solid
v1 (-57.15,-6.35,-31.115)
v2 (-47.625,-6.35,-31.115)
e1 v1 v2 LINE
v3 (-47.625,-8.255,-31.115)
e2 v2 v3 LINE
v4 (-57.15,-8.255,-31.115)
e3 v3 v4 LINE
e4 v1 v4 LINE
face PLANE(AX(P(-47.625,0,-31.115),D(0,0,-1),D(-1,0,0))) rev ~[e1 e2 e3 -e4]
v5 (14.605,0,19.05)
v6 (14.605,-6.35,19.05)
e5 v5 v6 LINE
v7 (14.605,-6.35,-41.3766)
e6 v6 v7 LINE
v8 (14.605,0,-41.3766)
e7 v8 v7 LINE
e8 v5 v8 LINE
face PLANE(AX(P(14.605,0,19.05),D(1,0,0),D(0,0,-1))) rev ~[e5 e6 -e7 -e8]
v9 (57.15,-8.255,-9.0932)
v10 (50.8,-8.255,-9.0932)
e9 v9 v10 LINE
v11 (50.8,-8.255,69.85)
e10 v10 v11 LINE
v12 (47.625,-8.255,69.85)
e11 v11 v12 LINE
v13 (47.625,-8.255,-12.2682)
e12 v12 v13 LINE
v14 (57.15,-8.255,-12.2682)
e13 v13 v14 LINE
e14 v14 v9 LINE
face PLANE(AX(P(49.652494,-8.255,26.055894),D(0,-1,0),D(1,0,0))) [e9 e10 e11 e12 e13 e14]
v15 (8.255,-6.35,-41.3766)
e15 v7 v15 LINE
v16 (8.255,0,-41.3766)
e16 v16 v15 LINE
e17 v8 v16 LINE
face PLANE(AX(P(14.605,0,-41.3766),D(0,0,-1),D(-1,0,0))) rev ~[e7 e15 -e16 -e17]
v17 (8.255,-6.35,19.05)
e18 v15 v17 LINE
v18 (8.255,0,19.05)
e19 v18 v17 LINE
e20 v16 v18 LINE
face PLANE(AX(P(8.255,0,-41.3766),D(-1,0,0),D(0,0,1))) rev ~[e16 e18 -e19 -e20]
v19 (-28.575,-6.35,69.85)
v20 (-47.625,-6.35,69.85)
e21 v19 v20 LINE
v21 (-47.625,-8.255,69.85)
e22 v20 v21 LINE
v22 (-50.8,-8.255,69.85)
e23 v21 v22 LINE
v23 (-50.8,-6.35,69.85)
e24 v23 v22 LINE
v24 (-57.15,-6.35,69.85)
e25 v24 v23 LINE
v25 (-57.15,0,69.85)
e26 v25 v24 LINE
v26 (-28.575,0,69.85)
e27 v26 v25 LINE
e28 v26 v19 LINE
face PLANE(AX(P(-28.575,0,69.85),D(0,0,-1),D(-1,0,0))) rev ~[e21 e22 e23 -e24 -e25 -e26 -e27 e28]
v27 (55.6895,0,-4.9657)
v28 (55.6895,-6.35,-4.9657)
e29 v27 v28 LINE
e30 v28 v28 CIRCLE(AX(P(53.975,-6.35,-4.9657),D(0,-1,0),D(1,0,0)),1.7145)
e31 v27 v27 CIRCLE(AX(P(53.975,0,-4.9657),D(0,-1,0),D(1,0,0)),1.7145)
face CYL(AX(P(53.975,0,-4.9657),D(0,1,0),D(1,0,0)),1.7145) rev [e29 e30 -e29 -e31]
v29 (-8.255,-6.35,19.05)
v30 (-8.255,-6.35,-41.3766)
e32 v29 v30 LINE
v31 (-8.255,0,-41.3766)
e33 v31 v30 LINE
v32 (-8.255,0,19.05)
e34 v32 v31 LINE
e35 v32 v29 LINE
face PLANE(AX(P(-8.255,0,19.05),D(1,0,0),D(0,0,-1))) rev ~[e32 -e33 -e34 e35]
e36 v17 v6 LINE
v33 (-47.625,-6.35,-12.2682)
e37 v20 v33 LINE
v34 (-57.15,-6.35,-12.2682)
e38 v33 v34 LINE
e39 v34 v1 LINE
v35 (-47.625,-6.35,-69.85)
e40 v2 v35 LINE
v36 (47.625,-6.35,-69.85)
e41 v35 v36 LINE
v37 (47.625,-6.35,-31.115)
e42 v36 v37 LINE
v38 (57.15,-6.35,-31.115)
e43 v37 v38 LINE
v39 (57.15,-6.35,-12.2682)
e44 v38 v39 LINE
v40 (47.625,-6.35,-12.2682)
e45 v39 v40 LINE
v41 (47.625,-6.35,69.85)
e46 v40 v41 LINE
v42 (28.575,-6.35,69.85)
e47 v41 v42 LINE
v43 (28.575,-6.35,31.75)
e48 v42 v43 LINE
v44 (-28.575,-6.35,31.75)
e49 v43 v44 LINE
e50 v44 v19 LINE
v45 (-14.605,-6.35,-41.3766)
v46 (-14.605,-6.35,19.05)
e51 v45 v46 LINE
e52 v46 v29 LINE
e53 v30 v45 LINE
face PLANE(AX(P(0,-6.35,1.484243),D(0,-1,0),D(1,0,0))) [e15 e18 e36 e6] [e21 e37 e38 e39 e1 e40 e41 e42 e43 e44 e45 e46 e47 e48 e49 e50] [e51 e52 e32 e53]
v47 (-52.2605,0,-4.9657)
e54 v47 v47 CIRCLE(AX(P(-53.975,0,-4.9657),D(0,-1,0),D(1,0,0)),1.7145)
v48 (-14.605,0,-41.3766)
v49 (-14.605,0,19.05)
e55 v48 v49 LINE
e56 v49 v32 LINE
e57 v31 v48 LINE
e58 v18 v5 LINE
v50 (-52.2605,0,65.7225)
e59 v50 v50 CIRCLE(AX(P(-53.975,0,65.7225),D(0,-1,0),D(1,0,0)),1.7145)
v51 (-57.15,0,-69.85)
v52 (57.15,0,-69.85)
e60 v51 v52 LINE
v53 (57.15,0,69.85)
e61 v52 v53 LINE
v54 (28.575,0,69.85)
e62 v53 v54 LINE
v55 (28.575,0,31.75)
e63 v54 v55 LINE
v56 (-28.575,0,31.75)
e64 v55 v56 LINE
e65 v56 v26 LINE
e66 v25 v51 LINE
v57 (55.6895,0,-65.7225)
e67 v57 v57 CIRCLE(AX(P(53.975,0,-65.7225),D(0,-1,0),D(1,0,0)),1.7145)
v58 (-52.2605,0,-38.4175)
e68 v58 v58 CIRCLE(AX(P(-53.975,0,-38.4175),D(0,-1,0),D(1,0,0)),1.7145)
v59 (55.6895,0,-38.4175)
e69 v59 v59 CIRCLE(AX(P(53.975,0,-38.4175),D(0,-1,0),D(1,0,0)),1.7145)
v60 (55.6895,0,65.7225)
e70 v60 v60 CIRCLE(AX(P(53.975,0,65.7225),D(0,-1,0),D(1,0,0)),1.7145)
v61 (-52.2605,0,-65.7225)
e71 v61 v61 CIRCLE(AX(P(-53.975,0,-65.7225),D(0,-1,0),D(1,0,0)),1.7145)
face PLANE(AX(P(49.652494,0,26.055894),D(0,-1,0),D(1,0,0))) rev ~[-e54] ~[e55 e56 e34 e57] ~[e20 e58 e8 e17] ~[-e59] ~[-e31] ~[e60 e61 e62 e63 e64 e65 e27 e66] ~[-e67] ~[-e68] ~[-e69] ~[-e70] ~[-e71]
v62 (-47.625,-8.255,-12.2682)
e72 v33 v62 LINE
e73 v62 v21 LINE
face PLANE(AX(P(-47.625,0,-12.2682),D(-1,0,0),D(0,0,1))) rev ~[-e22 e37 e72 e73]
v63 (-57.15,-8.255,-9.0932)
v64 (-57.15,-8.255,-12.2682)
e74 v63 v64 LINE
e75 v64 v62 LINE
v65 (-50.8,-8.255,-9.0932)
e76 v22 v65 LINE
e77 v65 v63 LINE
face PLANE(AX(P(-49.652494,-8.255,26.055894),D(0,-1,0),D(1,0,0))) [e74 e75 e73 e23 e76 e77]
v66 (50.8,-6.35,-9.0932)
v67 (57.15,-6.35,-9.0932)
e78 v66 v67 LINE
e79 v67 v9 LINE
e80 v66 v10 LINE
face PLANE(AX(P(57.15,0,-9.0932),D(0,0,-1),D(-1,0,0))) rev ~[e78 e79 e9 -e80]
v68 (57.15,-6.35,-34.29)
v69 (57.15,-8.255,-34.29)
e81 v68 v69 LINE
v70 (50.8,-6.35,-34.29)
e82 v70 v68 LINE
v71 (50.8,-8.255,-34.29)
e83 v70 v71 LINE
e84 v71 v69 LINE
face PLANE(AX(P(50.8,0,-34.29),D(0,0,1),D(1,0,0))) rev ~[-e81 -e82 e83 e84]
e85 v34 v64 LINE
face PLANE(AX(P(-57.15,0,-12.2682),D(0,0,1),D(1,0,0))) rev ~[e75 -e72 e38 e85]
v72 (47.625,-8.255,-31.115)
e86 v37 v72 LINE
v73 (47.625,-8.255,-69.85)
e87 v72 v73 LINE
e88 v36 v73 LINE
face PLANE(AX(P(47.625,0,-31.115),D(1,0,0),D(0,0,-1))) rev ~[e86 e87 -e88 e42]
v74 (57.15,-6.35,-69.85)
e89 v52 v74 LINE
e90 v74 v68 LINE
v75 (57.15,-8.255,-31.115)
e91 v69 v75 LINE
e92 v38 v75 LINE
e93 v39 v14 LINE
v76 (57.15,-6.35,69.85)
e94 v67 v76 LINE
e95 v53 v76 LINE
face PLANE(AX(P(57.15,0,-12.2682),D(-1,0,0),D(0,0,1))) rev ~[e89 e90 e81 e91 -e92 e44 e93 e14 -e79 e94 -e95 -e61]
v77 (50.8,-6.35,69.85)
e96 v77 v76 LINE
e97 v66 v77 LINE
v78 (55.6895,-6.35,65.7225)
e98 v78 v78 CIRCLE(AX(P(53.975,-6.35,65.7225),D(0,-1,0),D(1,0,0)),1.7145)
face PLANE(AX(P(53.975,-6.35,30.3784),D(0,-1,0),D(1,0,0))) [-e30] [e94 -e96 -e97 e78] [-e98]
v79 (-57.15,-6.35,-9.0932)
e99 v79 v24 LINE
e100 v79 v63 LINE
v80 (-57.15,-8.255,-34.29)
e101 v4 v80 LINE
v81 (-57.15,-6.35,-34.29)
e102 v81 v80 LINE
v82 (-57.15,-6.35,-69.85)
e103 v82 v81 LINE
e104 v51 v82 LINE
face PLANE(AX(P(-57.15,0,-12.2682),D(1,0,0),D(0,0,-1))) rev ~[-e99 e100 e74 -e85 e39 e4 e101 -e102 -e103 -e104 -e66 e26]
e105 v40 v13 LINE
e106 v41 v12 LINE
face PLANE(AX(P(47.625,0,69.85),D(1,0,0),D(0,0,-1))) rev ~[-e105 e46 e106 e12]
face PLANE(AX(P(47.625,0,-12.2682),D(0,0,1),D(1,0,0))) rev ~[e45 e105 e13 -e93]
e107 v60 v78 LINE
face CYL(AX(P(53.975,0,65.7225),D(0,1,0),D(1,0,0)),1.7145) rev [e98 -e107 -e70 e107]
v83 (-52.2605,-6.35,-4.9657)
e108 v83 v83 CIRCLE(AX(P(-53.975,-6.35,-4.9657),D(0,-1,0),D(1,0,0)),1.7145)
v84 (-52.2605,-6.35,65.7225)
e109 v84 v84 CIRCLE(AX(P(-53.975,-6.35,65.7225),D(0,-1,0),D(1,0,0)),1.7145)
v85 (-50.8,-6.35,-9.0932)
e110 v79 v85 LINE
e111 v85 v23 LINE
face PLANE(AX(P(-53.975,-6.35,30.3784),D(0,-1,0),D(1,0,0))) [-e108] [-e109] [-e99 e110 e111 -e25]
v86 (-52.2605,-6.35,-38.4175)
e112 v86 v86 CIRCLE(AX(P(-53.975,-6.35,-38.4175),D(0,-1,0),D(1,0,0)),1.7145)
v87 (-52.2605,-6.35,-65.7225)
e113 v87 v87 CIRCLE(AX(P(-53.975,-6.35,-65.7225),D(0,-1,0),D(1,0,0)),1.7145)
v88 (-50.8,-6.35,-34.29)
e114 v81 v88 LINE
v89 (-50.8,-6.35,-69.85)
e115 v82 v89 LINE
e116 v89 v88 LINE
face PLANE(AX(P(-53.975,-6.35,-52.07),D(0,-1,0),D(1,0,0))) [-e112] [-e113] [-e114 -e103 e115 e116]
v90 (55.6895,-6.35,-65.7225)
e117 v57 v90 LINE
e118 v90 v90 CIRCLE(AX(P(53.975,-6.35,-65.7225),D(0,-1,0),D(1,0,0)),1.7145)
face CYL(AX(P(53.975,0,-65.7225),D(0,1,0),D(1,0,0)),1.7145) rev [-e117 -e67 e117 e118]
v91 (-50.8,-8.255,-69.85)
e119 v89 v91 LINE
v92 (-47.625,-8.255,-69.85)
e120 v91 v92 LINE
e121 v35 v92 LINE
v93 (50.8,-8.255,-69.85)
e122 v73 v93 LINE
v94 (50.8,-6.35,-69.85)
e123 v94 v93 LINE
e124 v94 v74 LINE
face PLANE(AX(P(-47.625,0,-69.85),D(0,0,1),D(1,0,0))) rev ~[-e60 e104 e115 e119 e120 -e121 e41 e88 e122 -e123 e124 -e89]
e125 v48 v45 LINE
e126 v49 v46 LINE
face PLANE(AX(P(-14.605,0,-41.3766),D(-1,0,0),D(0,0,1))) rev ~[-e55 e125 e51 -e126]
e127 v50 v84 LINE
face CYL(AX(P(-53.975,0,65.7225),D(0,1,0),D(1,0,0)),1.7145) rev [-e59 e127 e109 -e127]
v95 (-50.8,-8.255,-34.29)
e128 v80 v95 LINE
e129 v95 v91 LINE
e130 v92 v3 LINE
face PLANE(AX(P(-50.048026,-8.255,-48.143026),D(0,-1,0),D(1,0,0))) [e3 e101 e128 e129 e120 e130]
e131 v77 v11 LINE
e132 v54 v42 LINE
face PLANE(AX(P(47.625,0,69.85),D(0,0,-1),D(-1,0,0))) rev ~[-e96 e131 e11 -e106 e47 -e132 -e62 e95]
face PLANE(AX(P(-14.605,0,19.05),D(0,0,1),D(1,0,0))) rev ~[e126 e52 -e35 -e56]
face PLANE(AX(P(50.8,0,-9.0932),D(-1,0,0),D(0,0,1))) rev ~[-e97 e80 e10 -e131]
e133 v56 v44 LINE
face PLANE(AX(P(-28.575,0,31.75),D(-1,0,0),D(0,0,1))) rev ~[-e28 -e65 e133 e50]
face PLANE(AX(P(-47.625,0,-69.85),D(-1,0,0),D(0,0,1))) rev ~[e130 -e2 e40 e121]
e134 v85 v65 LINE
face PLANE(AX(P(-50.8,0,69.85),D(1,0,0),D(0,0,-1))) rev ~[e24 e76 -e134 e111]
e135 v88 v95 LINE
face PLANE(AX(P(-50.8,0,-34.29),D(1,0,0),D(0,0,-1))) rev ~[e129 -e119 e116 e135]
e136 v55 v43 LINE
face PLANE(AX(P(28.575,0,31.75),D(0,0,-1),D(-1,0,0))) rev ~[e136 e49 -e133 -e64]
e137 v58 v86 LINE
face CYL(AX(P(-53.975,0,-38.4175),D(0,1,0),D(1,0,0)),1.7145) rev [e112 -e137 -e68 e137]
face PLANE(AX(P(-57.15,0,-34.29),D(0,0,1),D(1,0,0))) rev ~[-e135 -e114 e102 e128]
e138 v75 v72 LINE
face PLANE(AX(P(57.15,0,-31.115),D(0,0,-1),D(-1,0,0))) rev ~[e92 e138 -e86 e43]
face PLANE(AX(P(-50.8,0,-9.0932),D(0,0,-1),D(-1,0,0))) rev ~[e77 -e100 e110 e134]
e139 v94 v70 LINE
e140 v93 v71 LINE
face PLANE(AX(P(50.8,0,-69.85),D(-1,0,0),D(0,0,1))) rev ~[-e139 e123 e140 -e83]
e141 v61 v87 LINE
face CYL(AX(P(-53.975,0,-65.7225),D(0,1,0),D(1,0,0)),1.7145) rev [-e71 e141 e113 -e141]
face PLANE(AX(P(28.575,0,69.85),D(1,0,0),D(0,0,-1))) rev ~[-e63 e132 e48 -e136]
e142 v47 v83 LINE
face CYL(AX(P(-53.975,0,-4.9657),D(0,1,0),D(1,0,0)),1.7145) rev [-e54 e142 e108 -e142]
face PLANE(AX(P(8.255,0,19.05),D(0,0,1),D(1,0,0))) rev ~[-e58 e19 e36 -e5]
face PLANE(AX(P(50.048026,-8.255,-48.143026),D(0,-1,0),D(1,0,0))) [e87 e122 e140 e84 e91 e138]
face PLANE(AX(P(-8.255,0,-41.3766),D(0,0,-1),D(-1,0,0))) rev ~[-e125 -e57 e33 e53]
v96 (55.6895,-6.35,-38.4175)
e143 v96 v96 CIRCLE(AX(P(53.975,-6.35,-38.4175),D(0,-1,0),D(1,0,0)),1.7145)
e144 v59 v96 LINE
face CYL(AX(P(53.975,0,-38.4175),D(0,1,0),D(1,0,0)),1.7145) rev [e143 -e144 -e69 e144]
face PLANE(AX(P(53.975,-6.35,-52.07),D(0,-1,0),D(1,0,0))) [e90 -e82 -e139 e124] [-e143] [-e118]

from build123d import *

# Parameters (mm, degrees)
F0_W     = 6.35
F0_H     = 78.9432
F0_R     = 1.7145
F0_H_2   = 35.56
F1_DEPTH = 6.35
F2_DEPTH = 8.255


with BuildPart() as f1:
    # F0 (on Front) → F1 (new body)
    with BuildSketch(Plane.XZ):
        with Locations((-53.975, 30.3784)):
            Rectangle(F0_W, F0_H)
        with Locations((-53.975, -4.9657)):
            Circle(F0_R, mode=Mode.SUBTRACT)
        with Locations((-53.975, 65.7225)):
            Circle(F0_R, mode=Mode.SUBTRACT)
        with Locations((-53.975, -52.07)):
            Rectangle(F0_W, F0_H_2)
        with Locations((-53.975, -65.7225)):
            Circle(F0_R, mode=Mode.SUBTRACT)
        with Locations((-53.975, -38.4175)):
            Circle(F0_R, mode=Mode.SUBTRACT)
        with Locations((53.975, -52.07)):
            Rectangle(F0_W, F0_H_2)
        with Locations((53.975, -65.7225)):
            Circle(F0_R, mode=Mode.SUBTRACT)
        with Locations((53.975, -38.4175)):
            Circle(F0_R, mode=Mode.SUBTRACT)
        with Locations((53.975, 30.3784)):
            Rectangle(F0_W, F0_H)
        with Locations((53.975, -4.9657)):
            Circle(F0_R, mode=Mode.SUBTRACT)
        with Locations((53.975, 65.7225)):
            Circle(F0_R, mode=Mode.SUBTRACT)
        Polygon((-47.625, -69.85), (47.625, -69.85), (47.625, -31.115), (57.15, -31.115), (57.15, -12.2682), (47.625, -12.2682), (47.625, 69.85), (28.575, 69.85), (28.575, 31.75), (-28.575, 31.75), (-28.575, 69.85), (-47.625, 69.85), (-47.625, -12.2682), (-57.15, -12.2682), (-57.15, -31.115), (-47.625, -31.115), align=None)
        Polygon((-14.605, 15.875), (-14.605, 19.05), (-8.255, 19.05), (-8.255, 15.875), (-8.255, -38.2016), (-8.255, -41.3766), (-14.605, -41.3766), (-14.605, -38.2016), align=None, mode=Mode.SUBTRACT)
        Polygon((8.255, 15.875), (8.255, 19.05), (14.605, 19.05), (14.605, 15.875), (14.605, -38.2016), (14.605, -41.3766), (8.255, -41.3766), (8.255, -38.2016), align=None, mode=Mode.SUBTRACT)
    extrude(amount=F1_DEPTH)

    # F0 (on Front) → F2 (join)
    with BuildSketch(Plane.XZ):
        Polygon((47.625, -12.2682), (57.15, -12.2682), (57.15, -9.0932), (50.8, -9.0932), (50.8, 69.85), (47.625, 69.85), align=None)
        Polygon((47.625, -69.85), (50.8, -69.85), (50.8, -34.29), (57.15, -34.29), (57.15, -31.115), (47.625, -31.115), align=None)
        Polygon((-57.15, -9.0932), (-57.15, -12.2682), (-47.625, -12.2682), (-47.625, 69.85), (-50.8, 69.85), (-50.8, -9.0932), align=None)
        Polygon((-50.8, -69.85), (-47.625, -69.85), (-47.625, -31.115), (-57.15, -31.115), (-57.15, -34.29), (-50.8, -34.29), align=None)
    extrude(amount=F2_DEPTH)


solid = f1.part
